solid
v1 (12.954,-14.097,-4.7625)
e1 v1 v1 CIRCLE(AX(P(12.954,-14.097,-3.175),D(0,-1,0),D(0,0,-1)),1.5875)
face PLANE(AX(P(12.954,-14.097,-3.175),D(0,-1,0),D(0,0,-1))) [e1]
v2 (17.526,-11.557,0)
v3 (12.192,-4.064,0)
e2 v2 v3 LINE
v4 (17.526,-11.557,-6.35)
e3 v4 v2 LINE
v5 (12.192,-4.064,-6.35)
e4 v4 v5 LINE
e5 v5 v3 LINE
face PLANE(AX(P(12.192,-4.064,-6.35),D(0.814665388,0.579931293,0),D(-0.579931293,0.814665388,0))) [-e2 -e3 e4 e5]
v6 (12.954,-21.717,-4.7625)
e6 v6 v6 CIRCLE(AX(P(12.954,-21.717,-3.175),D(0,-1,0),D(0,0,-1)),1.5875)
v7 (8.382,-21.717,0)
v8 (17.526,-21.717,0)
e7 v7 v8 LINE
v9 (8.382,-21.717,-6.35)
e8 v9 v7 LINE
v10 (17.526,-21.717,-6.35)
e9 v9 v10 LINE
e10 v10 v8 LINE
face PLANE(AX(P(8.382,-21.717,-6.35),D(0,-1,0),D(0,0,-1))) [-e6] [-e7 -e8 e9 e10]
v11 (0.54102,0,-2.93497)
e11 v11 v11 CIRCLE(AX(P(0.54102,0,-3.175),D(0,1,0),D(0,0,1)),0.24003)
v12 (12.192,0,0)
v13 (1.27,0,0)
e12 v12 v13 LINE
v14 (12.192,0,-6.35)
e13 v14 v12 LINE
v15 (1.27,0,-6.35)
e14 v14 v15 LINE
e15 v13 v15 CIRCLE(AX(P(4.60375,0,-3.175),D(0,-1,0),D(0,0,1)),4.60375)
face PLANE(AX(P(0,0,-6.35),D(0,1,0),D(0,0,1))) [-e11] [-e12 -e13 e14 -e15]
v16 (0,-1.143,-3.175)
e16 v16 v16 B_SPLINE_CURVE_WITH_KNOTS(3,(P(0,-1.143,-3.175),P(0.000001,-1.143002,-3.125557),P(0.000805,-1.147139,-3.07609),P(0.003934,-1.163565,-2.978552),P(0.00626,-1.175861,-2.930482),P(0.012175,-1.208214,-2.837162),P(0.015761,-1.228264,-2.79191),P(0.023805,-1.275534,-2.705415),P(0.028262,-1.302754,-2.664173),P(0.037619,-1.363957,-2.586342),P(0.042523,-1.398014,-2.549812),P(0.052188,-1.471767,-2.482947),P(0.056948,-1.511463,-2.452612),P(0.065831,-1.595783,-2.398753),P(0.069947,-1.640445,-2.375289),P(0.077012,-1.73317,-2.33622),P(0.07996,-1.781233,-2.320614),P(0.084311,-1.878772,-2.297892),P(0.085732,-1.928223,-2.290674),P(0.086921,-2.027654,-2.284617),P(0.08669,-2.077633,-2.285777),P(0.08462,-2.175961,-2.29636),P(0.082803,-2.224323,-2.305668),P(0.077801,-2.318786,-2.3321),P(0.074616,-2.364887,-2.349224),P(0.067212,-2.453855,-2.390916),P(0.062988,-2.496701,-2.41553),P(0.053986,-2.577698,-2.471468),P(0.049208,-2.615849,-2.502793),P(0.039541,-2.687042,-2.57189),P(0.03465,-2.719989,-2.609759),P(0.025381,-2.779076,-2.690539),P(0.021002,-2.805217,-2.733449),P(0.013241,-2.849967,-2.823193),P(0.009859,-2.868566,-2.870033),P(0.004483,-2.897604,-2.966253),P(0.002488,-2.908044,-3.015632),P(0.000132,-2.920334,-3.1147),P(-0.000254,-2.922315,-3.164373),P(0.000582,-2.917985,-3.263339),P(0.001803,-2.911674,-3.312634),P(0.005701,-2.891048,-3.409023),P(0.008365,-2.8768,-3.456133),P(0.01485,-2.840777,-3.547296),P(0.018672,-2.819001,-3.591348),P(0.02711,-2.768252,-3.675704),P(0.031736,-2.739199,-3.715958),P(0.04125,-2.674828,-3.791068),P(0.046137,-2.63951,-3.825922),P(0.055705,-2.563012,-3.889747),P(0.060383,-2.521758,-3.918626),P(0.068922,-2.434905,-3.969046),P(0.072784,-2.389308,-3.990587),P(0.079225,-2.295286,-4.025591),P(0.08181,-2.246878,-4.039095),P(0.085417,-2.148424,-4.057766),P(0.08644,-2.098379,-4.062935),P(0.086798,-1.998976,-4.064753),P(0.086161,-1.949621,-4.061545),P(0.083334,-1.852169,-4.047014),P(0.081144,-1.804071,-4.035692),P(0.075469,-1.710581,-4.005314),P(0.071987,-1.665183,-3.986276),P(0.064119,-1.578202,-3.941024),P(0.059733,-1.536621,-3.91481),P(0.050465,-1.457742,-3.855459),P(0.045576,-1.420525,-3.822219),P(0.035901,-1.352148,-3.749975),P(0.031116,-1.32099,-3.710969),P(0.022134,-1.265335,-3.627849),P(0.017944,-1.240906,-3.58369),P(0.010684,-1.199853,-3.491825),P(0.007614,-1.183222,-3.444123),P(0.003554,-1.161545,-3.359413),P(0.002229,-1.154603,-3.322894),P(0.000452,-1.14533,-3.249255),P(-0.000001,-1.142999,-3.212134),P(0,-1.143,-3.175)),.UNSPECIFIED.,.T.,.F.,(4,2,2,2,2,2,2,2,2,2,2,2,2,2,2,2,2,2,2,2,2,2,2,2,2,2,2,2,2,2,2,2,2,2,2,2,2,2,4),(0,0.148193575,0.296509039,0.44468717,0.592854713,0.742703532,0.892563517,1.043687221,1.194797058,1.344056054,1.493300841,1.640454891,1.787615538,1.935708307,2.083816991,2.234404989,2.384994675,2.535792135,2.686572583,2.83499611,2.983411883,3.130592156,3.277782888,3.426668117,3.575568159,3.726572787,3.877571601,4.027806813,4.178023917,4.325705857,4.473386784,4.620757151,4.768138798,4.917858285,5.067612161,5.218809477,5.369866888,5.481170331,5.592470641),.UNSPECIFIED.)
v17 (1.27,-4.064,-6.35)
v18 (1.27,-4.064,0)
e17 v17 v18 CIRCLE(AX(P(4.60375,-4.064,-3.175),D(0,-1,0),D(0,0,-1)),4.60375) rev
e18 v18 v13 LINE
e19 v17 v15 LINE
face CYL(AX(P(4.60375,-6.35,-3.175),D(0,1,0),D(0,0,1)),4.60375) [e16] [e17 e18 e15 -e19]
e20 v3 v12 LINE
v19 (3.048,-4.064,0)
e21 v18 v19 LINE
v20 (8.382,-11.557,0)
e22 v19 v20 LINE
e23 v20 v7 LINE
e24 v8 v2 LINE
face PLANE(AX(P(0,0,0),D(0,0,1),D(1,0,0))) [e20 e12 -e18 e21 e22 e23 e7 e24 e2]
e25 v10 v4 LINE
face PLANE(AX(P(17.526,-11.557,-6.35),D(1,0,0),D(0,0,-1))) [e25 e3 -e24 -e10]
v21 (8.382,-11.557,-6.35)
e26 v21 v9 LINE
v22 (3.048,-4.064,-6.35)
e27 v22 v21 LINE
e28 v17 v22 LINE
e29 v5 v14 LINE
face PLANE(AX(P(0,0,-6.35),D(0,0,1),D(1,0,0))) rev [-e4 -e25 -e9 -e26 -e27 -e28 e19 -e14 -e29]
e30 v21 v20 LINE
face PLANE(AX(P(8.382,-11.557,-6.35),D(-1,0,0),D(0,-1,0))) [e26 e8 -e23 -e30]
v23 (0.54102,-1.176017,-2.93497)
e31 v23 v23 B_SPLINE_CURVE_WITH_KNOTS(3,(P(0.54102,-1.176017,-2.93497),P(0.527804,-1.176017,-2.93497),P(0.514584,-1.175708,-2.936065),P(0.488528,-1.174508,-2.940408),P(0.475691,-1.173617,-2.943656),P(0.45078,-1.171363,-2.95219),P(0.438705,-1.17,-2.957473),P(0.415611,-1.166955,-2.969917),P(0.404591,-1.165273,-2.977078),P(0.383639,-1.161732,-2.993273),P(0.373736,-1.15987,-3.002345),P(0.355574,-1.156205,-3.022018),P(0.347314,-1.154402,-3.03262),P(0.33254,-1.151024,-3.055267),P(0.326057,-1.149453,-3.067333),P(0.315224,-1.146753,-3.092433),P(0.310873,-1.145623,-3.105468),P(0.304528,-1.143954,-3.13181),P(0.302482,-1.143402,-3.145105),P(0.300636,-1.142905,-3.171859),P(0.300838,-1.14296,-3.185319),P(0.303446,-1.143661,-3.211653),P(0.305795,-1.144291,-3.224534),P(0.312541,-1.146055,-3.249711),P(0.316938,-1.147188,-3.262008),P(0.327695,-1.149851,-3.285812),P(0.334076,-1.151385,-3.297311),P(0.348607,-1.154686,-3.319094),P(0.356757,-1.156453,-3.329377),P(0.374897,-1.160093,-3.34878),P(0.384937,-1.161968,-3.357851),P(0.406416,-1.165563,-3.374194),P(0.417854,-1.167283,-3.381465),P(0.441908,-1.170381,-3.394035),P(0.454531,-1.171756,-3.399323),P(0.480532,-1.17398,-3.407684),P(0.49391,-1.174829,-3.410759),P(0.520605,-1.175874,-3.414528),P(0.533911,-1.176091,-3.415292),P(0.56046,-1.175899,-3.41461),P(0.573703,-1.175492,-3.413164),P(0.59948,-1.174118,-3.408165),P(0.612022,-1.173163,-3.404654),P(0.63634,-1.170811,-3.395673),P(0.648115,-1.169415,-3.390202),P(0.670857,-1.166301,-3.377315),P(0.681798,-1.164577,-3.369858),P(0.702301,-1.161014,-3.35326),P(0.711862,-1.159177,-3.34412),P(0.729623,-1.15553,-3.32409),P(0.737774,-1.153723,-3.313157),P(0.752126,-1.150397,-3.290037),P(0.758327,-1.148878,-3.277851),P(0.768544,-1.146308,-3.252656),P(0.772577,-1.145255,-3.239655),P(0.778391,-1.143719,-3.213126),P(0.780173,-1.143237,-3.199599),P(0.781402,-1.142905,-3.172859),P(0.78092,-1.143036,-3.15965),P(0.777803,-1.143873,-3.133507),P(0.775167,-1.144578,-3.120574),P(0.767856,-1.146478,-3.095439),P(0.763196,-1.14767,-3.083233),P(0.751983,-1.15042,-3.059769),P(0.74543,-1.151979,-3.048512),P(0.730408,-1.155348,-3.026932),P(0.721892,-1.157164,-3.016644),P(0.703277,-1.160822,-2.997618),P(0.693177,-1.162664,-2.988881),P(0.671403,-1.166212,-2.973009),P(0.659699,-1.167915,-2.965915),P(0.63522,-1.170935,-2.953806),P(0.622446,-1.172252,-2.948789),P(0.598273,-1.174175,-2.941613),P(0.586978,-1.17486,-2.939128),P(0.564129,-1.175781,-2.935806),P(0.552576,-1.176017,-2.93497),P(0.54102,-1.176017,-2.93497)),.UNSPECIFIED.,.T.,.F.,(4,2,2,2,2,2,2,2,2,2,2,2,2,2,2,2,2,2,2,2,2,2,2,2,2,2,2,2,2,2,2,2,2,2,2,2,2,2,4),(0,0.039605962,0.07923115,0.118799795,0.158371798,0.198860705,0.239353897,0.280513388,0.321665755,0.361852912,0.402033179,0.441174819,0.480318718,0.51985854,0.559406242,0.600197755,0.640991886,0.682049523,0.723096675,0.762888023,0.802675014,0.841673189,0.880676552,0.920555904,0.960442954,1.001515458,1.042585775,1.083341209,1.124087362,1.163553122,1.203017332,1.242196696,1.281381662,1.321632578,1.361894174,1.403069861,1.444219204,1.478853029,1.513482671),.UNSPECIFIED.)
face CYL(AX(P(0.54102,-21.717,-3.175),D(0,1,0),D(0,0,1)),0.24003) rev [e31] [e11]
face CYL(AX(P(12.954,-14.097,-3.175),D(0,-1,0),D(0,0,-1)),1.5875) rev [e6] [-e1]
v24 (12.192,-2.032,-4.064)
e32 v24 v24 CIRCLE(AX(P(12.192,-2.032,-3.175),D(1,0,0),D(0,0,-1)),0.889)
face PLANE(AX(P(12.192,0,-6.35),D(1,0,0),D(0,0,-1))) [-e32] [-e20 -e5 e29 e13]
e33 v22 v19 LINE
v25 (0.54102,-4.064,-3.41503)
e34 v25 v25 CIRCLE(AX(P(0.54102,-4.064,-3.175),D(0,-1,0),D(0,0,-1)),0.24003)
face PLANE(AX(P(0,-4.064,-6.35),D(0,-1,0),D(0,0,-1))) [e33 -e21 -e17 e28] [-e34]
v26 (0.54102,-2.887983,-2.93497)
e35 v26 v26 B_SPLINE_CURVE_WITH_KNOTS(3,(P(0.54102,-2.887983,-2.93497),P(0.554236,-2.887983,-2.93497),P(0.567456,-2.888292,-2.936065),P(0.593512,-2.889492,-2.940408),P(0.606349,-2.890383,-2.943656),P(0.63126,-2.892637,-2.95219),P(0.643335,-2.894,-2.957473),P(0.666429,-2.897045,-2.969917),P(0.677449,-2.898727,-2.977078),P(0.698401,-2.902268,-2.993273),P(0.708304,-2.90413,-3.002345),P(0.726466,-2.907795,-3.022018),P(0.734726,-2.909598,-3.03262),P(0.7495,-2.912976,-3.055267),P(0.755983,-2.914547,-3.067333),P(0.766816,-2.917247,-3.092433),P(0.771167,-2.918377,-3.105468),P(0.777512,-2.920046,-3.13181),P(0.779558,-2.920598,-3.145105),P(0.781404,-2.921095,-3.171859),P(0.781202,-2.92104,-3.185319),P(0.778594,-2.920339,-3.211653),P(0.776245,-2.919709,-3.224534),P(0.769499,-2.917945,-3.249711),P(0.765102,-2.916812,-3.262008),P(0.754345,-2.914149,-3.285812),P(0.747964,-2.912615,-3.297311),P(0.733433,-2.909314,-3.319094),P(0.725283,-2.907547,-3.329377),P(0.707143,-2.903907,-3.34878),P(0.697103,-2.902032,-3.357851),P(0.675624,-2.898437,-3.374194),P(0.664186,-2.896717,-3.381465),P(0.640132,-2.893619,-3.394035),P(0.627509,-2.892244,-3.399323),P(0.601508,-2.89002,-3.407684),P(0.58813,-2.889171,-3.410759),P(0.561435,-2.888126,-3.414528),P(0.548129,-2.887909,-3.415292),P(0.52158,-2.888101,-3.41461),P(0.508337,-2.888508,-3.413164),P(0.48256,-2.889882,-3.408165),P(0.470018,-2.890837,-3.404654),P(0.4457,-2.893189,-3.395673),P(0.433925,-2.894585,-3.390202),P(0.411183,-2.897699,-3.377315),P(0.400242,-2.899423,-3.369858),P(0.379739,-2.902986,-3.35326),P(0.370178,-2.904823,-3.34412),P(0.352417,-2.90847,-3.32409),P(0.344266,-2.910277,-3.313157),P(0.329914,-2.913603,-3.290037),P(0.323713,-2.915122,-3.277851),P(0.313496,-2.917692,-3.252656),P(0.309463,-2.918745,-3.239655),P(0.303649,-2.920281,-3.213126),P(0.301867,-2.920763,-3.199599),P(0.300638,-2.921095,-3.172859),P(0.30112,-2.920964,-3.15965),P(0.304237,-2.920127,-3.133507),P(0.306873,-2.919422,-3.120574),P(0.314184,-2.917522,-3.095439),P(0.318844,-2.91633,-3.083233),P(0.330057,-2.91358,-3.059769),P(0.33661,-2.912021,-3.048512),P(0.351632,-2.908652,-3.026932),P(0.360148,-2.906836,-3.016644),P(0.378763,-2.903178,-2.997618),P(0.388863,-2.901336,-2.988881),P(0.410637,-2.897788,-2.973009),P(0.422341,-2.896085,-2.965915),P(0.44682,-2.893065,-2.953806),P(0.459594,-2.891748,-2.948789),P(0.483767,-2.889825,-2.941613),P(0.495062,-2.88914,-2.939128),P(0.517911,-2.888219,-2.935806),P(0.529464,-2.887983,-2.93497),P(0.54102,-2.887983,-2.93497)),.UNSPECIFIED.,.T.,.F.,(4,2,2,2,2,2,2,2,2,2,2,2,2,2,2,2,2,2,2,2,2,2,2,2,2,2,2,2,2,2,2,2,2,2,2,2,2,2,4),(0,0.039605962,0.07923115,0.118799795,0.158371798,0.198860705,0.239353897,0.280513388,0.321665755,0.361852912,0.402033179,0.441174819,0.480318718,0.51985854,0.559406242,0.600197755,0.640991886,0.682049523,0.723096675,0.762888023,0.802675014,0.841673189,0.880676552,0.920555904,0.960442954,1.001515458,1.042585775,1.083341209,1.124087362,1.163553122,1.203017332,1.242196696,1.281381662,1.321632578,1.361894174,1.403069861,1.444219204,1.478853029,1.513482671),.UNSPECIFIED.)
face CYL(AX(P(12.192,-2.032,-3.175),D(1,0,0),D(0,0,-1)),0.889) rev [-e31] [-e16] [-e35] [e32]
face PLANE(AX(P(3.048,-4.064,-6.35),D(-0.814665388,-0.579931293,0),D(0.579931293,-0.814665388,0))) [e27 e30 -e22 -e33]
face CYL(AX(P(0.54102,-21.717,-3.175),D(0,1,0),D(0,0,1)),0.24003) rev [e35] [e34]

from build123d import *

# Parameters (mm, degrees)
BOSS_EXTRUDE1_DEPTH   = 6.35
CUT_EXTRUDE1_DEPTH    = 6.35
SKETCH5_R             = 1.5875
CUT_EXTRUDE4_DEPTH    = 7.62
SKETCH7_R             = 0.24003
CUT_EXTRUDE5_DEPTH    = 22.717
F_2_56_TAPPED_HOLE1_D = 1.778


with BuildPart() as part:
    # Sketch1 → Boss-Extrude1 (new body)
    with BuildSketch(Plane.XY):
        Polygon((0, 0), (12.192, 0), (12.192, -4.064), (17.526, -11.557), (17.526, -21.717), (8.382, -21.717), (8.382, -11.557), (3.048, -4.064), (0, -4.064), align=None)
    extrude(amount=-BOSS_EXTRUDE1_DEPTH)

    # Sketch2 → Cut-Extrude1 (cut)
    with BuildSketch(Plane(origin=(0, 0, 0), x_dir=(1, 0, 0), z_dir=(0, 1, 0))):
        with BuildLine():
            Line((1.27, 6.35), (-1.332869865, 6.35))
            Line((-1.332869865, 6.35), (-1.332869865, 0))
            Line((-1.332869865, 0), (1.27, 0))
            ThreePointArc((1.27, 0), (0, 3.175), (1.27, 6.35))
        make_face()
    extrude(amount=-CUT_EXTRUDE1_DEPTH, mode=Mode.SUBTRACT)

    # Sketch5 → Cut-Extrude4 (cut)
    with BuildSketch(Plane.XZ.offset(21.717)):
        with Locations((12.954, -3.175)):
            Circle(SKETCH5_R)
    extrude(amount=-CUT_EXTRUDE4_DEPTH, mode=Mode.SUBTRACT)

    # Sketch7 → Cut-Extrude5 (cut, through all)
    with BuildSketch(Plane(origin=(0, 0, 0), x_dir=(1, 0, 0), z_dir=(0, 1, 0))):
        with Locations((0.54102, 3.175)):
            Circle(SKETCH7_R)
    extrude(amount=-CUT_EXTRUDE5_DEPTH, mode=Mode.SUBTRACT)

    # #2-56 Tapped Hole1 (through all)
    with Locations(Plane(origin=(12.192, 0, 0), x_dir=(0, 0, -1), z_dir=(1, 0, 0))):
        with Locations((3.175, -2.032)):
            Hole(F_2_56_TAPPED_HOLE1_D / 2)


solid = part.part
